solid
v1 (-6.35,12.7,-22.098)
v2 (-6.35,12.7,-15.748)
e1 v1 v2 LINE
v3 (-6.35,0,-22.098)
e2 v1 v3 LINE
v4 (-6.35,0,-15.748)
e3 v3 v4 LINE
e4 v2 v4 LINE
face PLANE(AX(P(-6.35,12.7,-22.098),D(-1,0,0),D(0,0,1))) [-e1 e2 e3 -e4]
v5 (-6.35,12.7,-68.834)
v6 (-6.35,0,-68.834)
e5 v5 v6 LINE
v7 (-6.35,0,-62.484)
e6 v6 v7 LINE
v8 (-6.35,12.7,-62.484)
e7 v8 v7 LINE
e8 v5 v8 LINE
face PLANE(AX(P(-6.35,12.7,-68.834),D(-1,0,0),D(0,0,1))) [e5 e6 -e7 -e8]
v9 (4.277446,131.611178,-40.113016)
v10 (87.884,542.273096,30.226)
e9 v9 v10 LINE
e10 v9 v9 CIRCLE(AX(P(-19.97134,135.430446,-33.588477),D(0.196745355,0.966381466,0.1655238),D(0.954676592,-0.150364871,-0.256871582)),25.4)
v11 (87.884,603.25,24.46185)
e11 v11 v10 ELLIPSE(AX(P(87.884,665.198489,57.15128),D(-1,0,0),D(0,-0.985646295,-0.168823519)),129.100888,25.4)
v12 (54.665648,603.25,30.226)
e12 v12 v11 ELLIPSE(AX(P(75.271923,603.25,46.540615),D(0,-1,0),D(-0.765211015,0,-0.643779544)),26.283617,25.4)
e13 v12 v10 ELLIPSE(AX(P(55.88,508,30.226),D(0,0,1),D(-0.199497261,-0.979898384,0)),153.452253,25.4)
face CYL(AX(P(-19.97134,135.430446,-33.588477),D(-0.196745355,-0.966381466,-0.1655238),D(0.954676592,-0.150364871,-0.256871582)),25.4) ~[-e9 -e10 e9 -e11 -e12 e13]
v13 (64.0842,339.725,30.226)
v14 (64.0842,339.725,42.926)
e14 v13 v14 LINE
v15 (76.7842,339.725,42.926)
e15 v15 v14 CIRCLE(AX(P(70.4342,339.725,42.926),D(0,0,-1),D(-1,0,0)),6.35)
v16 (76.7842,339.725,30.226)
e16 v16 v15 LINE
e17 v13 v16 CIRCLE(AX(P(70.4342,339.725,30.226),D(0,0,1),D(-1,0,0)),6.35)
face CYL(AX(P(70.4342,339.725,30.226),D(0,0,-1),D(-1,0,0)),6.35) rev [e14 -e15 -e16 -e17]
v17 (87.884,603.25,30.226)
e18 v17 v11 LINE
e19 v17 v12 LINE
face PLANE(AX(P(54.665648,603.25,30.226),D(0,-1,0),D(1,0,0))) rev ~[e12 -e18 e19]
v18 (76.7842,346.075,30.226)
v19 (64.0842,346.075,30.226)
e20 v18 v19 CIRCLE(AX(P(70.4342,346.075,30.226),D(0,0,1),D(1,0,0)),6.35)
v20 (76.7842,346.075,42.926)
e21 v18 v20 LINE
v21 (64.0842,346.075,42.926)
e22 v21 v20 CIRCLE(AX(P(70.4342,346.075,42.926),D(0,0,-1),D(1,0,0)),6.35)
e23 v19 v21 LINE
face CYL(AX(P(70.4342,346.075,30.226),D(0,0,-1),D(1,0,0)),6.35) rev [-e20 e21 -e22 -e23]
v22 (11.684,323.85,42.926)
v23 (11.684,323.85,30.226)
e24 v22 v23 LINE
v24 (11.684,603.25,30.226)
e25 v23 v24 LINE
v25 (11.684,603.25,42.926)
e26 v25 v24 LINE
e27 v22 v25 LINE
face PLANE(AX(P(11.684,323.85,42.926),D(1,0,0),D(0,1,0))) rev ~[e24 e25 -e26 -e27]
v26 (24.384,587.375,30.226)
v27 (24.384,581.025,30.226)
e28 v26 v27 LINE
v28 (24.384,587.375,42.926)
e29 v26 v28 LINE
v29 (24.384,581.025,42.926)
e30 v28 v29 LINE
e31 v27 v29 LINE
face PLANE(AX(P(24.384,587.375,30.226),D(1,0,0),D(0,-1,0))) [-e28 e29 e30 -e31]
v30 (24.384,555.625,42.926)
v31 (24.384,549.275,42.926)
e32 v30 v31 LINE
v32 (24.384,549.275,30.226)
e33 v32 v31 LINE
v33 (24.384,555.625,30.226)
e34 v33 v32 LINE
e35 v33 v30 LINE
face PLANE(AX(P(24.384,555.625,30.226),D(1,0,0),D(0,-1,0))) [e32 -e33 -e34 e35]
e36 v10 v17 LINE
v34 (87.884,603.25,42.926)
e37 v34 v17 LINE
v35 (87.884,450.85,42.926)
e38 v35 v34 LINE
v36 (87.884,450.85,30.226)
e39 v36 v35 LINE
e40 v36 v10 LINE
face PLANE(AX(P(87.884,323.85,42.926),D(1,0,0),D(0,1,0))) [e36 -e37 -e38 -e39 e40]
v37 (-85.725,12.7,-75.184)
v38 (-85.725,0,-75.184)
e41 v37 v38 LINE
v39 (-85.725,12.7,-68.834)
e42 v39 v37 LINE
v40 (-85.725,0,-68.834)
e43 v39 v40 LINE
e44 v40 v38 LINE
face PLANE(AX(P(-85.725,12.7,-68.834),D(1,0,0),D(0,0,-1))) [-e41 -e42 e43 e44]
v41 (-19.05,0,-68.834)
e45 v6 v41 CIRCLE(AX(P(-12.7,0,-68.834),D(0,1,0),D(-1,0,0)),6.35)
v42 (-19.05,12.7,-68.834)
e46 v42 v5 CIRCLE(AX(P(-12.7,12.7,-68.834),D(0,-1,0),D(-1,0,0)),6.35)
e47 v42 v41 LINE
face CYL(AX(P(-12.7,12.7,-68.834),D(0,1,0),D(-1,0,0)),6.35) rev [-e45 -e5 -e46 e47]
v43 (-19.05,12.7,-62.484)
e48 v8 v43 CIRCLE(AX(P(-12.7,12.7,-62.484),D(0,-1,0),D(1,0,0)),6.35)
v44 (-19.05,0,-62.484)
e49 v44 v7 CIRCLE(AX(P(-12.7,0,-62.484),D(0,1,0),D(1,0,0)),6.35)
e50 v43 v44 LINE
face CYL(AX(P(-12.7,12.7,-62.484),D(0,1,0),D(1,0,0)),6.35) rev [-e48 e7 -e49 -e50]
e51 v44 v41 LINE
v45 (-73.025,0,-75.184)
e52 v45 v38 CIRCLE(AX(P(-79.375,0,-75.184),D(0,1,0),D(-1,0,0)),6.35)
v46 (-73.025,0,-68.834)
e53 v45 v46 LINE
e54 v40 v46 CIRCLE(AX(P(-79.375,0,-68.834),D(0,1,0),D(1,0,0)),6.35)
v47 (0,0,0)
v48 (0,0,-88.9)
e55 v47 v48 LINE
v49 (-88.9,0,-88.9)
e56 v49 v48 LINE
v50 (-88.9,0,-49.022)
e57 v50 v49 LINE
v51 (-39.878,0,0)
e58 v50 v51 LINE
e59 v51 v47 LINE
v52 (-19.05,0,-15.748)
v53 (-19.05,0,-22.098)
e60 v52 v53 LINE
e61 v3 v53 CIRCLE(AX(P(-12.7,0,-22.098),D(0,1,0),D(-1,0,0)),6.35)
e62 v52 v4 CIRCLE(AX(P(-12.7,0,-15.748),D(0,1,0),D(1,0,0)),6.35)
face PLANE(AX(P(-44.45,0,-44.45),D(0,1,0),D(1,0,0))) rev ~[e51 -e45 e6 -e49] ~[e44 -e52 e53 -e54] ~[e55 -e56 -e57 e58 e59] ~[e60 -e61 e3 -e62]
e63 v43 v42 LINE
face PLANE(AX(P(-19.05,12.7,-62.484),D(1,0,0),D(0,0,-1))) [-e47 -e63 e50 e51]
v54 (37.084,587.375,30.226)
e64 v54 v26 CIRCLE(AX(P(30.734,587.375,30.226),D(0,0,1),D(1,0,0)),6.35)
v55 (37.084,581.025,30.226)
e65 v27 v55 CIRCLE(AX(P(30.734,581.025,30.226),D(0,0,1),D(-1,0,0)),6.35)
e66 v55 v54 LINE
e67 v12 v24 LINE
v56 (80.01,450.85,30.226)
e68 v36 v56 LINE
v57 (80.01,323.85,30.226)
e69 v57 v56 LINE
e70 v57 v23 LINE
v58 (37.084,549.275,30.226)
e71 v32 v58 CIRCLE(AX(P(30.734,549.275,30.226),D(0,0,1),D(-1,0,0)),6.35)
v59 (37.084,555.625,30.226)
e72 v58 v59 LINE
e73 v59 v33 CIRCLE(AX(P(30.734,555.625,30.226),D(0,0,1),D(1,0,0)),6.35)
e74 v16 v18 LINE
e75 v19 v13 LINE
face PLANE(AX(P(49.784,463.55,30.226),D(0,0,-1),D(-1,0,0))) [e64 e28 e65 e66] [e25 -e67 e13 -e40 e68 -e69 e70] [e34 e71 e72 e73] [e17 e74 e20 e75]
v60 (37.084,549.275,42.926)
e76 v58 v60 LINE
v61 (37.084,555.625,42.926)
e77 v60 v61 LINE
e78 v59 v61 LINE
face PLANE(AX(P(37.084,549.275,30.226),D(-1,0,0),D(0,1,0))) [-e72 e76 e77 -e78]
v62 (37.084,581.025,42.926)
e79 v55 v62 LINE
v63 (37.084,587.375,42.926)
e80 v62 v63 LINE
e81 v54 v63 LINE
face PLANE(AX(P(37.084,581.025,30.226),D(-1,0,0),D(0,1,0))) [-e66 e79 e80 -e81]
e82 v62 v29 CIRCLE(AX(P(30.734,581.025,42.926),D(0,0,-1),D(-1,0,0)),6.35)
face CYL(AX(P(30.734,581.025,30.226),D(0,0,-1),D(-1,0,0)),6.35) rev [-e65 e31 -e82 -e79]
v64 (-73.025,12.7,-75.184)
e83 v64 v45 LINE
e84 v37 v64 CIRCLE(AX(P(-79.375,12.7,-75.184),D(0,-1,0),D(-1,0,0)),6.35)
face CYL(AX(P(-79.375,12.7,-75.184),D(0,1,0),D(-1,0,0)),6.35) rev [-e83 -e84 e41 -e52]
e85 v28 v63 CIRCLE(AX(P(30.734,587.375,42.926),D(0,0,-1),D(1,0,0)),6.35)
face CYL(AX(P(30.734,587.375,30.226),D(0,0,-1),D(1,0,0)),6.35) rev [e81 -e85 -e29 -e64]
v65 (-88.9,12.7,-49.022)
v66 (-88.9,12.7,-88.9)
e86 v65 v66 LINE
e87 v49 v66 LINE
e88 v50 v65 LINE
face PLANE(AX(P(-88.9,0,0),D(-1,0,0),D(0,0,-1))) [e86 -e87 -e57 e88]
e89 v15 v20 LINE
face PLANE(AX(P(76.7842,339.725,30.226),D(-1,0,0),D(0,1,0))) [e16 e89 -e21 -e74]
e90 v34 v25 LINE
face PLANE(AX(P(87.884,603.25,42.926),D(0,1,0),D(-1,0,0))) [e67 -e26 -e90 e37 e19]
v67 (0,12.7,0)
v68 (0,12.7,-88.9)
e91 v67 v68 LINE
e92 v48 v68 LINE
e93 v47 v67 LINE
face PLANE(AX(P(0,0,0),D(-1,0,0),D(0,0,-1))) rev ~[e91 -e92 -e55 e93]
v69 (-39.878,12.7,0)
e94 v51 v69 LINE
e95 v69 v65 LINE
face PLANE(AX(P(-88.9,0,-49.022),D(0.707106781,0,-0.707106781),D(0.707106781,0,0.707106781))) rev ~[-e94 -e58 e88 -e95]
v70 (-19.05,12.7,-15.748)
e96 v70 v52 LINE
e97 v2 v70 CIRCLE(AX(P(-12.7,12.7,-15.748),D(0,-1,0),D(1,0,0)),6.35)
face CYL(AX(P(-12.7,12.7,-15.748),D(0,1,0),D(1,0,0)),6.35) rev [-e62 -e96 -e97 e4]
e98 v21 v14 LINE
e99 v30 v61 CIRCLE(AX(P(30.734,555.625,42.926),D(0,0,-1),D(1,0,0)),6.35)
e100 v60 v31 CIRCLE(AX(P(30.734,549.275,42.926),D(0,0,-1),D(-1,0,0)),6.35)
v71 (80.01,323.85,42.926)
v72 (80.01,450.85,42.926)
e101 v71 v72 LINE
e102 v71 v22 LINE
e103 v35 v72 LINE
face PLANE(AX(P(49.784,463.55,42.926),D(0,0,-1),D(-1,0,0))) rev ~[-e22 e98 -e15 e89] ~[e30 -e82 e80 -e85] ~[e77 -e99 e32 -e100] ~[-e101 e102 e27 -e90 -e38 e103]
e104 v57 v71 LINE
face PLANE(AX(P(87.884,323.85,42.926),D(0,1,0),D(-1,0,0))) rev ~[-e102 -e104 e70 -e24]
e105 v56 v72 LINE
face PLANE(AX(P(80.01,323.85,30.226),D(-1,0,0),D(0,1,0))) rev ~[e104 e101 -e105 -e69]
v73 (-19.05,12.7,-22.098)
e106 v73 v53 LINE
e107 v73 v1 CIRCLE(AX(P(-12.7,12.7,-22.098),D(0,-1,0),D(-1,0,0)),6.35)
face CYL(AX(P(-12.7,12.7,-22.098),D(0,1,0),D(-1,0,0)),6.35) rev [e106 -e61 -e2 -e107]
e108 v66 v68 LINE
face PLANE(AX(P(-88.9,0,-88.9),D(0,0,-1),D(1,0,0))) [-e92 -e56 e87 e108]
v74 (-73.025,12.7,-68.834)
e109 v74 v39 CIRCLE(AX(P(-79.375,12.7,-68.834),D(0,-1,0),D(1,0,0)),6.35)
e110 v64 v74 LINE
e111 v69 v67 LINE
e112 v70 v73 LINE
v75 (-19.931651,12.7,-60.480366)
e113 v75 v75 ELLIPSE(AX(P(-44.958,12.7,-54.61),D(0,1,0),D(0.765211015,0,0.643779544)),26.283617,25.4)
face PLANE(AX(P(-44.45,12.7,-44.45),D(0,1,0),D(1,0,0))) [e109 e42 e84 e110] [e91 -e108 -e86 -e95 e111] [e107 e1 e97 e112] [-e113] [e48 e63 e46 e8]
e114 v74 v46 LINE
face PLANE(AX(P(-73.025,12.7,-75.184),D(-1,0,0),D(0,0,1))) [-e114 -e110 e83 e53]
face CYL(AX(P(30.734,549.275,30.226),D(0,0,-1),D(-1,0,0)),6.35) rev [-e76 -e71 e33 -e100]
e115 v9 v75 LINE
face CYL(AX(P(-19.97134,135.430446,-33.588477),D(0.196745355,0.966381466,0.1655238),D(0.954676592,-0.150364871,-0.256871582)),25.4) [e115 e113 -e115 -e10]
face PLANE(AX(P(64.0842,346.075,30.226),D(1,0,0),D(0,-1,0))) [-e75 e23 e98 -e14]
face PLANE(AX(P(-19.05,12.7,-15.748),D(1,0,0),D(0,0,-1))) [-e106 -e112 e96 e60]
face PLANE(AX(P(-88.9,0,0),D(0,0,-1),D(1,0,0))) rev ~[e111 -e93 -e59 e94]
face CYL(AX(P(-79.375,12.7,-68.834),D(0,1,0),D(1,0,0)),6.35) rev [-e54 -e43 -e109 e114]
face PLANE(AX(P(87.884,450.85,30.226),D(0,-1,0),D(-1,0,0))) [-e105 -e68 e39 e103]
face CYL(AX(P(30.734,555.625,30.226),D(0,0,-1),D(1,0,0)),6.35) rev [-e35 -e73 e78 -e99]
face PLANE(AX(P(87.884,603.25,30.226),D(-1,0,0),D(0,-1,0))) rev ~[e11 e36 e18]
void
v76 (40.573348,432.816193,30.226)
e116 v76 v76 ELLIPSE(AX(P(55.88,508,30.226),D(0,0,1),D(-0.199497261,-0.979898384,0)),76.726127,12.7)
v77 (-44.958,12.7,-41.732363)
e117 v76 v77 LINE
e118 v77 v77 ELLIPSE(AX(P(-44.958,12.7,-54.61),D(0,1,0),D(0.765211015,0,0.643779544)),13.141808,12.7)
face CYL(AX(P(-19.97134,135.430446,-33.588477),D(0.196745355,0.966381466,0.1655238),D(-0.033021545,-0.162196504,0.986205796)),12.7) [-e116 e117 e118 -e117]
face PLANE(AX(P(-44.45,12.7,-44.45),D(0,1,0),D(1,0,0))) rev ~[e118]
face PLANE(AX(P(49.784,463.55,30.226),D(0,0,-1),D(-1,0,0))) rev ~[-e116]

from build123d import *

# Parameters (mm, degrees)
SKETCH1_W                  = 88.9
SKETCH1_H                  = 88.9
EXTRUDE1_DEPTH             = 12.7
EXTRUDE2_DEPTH             = 127.363404513
EXTRUDE9_DEPTH             = 127.363404513
SKETCH4_W                  = 76.2
SKETCH4_H                  = 279.4
EXTRUDE3_DEPTH             = 12.7
EXTRUDE7_DEPTH             = 622.292826593
EXTRUDE6_REACH             = 742.115
EXTRUDE6_START             = 127
SKETCH7_R                  = 25.4
SKETCH7_R_2                = 12.7
EXTRUDE6_DIRECTION_2_REACH = 742.115
EXTRUDE10_DEPTH            = 676.899389977
SKETCH9_W                  = 7.874
SKETCH9_H                  = 127
EXTRUDE8_DEPTH             = 622.292826593


with BuildPart() as part:
    # Sketch1 → Extrude1 (new body)
    with BuildSketch(Plane(origin=(0, 0, 0), x_dir=(1, 0, 0), z_dir=(0, 1, 0))):
        with Locations((-44.45, 44.45)):
            Rectangle(SKETCH1_W, SKETCH1_H)
    extrude(amount=EXTRUDE1_DEPTH)

    # Sketch2 → Extrude2 (cut, through all)
    with BuildSketch(Plane(origin=(0, 12.7, 0), x_dir=(1, 0, 0), z_dir=(0, 1, 0))):
        with BuildLine():
            Line((-19.05, 15.748), (-19.05, 22.098))
            ThreePointArc((-19.05, 22.098), (-12.7, 28.448), (-6.35, 22.098))
            Line((-6.35, 22.098), (-6.35, 15.748))
            ThreePointArc((-6.35, 15.748), (-12.7, 9.398), (-19.05, 15.748))
        make_face()
        with BuildLine():
            Line((-19.05, 62.484), (-19.05, 68.834))
            ThreePointArc((-19.05, 68.834), (-12.7, 75.184), (-6.35, 68.834))
            Line((-6.35, 68.834), (-6.35, 62.484))
            ThreePointArc((-6.35, 62.484), (-12.7, 56.134), (-19.05, 62.484))
        make_face()
        with BuildLine():
            Line((-85.725, 68.834), (-85.725, 75.184))
            ThreePointArc((-85.725, 75.184), (-79.375, 81.534), (-73.025, 75.184))
            Line((-73.025, 75.184), (-73.025, 68.834))
            ThreePointArc((-73.025, 68.834), (-79.375, 62.484), (-85.725, 68.834))
        make_face()
    extrude(amount=-EXTRUDE2_DEPTH, mode=Mode.SUBTRACT)

    # Sketch10 → Extrude9 (cut, through all)
    with BuildSketch(Plane.XZ):
        Polygon((-88.9, -49.022), (-39.878, 0), (-88.9, 0), align=None)
    extrude(amount=-EXTRUDE9_DEPTH, mode=Mode.SUBTRACT)



with BuildPart() as body_2:
    # Sketch4 → Extrude3 (new body)
    with BuildSketch(Plane(origin=(0, 0, 42.926), x_dir=(-1, 0, 0), z_dir=(0, 0, -1))):
        with Locations((-49.784, 463.55)):
            Rectangle(SKETCH4_W, SKETCH4_H)
    extrude(amount=EXTRUDE3_DEPTH)

    # Sketch8 → Extrude7 (cut, through all)
    with BuildSketch(Plane(origin=(0, 0, 30.226), x_dir=(-1, 0, 0), z_dir=(0, 0, -1))):
        with BuildLine():
            Line((-24.384, 587.375), (-24.384, 581.025))
            ThreePointArc((-24.384, 581.025), (-30.734, 574.675), (-37.084, 581.025))
            Line((-37.084, 581.025), (-37.084, 587.375))
            ThreePointArc((-37.084, 587.375), (-30.734, 593.725), (-24.384, 587.375))
        make_face()
        with BuildLine():
            Line((-24.384, 555.625), (-24.384, 549.275))
            ThreePointArc((-24.384, 549.275), (-30.734, 542.925), (-37.084, 549.275))
            Line((-37.084, 549.275), (-37.084, 555.625))
            ThreePointArc((-37.084, 555.625), (-30.734, 561.975), (-24.384, 555.625))
        make_face()
        with BuildLine():
            Line((-64.0842, 346.075), (-64.0842, 339.725))
            ThreePointArc((-64.0842, 339.725), (-70.4342, 333.375), (-76.7842, 339.725))
            Line((-76.7842, 339.725), (-76.7842, 346.075))
            ThreePointArc((-76.7842, 346.075), (-70.4342, 352.425), (-64.0842, 346.075))
        make_face()
    extrude(amount=-EXTRUDE7_DEPTH, mode=Mode.SUBTRACT)


with BuildPart() as part_1:
    add(part.part)

    add(body_2.part)  # Extrude6 merges body 2
    # Extrude6: up to this plane
    extrude6_end = Plane(origin=(11.684, 323.85, 30.226), z_dir=(0, 0, 1))
    # Sketch7 → Extrude6 (add, up to the surface)
    with BuildSketch(Plane(origin=(-44.958, 12.7, -54.61), x_dir=(-0.9783852357673664, 0.18254912655536365, 0.09715012519965675), z_dir=(0.1967453547942853, 0.9663814656142476, 0.16552379975136336)).offset(EXTRUDE6_START), mode=Mode.PRIVATE) as extrude6_sk1:
        with Locations(Location((0, 0, 0), (0, 0, 189.444307403))):
            Circle(SKETCH7_R)
        with Locations(Location((0, 0, 0), (0, 0, 84.346682726))):
            Circle(SKETCH7_R_2, mode=Mode.SUBTRACT)
    extrude6_tool1 = split(extrude(extrude6_sk1.sketch, amount=EXTRUDE6_REACH, mode=Mode.PRIVATE), bisect_by=extrude6_end, keep=Keep.BOTH, mode=Mode.PRIVATE)
    add(extrude6_tool1.solids().sort_by_distance((-43.534266, 139.141689, -27.248481))[0])

    # Extrude6 direction 2: up to this plane
    extrude6_direction_2_end = Plane(origin=(0, 12.7, -88.9), z_dir=(0, 1, 0))
    # Sketch7 → Extrude6 direction 2 (add, up to the surface)
    with BuildSketch(Plane(origin=(-44.958, 12.7, -54.61), x_dir=(-0.9783852357673664, 0.18254912655536365, 0.09715012519965675), z_dir=(0.1967453547942853, 0.9663814656142476, 0.16552379975136336)).offset(EXTRUDE6_START), mode=Mode.PRIVATE) as extrude6_direction_2_sk1:
        with Locations(Location((0, 0, 0), (0, 0, 189.444307403))):
            Circle(SKETCH7_R)
        with Locations(Location((0, 0, 0), (0, 0, 84.346682726))):
            Circle(SKETCH7_R_2, mode=Mode.SUBTRACT)
    extrude6_direction_2_tool1 = split(extrude(extrude6_direction_2_sk1.sketch, amount=-EXTRUDE6_DIRECTION_2_REACH, mode=Mode.PRIVATE), bisect_by=extrude6_direction_2_end, keep=Keep.BOTH, mode=Mode.PRIVATE)
    add(extrude6_direction_2_tool1.solids().sort_by_distance((-43.534266, 139.141689, -27.248481))[0])

    # Sketch11 → Extrude10 (cut, through all)
    with BuildSketch(Plane.XY.offset(30.226)):
        with BuildLine():
            Line((54.665648122, 603.25), (87.884, 603.25))
            Line((87.884, 603.25), (87.884, 542.273095972))
            add(Edge.make_bspline(
                [(87.884, 542.273095972), (134.728854914, 839.694203258), (54.665648122, 603.25)],
                knots=[1.834299587, 1.834299587, 1.834299587, 4.060538938, 4.060538938, 4.060538938], degree=2, weights=[1, 0.441865068, 1]))
        make_face()
    extrude(amount=-EXTRUDE10_DEPTH, mode=Mode.SUBTRACT)

    # Sketch9 → Extrude8 (cut, through all)
    with BuildSketch(Plane(origin=(0, 0, 30.226), x_dir=(-1, 0, 0), z_dir=(0, 0, -1))):
        with Locations((-83.947, 387.35)):
            Rectangle(SKETCH9_W, SKETCH9_H)
    extrude(amount=-EXTRUDE8_DEPTH, mode=Mode.SUBTRACT)


solid = part_1.part
